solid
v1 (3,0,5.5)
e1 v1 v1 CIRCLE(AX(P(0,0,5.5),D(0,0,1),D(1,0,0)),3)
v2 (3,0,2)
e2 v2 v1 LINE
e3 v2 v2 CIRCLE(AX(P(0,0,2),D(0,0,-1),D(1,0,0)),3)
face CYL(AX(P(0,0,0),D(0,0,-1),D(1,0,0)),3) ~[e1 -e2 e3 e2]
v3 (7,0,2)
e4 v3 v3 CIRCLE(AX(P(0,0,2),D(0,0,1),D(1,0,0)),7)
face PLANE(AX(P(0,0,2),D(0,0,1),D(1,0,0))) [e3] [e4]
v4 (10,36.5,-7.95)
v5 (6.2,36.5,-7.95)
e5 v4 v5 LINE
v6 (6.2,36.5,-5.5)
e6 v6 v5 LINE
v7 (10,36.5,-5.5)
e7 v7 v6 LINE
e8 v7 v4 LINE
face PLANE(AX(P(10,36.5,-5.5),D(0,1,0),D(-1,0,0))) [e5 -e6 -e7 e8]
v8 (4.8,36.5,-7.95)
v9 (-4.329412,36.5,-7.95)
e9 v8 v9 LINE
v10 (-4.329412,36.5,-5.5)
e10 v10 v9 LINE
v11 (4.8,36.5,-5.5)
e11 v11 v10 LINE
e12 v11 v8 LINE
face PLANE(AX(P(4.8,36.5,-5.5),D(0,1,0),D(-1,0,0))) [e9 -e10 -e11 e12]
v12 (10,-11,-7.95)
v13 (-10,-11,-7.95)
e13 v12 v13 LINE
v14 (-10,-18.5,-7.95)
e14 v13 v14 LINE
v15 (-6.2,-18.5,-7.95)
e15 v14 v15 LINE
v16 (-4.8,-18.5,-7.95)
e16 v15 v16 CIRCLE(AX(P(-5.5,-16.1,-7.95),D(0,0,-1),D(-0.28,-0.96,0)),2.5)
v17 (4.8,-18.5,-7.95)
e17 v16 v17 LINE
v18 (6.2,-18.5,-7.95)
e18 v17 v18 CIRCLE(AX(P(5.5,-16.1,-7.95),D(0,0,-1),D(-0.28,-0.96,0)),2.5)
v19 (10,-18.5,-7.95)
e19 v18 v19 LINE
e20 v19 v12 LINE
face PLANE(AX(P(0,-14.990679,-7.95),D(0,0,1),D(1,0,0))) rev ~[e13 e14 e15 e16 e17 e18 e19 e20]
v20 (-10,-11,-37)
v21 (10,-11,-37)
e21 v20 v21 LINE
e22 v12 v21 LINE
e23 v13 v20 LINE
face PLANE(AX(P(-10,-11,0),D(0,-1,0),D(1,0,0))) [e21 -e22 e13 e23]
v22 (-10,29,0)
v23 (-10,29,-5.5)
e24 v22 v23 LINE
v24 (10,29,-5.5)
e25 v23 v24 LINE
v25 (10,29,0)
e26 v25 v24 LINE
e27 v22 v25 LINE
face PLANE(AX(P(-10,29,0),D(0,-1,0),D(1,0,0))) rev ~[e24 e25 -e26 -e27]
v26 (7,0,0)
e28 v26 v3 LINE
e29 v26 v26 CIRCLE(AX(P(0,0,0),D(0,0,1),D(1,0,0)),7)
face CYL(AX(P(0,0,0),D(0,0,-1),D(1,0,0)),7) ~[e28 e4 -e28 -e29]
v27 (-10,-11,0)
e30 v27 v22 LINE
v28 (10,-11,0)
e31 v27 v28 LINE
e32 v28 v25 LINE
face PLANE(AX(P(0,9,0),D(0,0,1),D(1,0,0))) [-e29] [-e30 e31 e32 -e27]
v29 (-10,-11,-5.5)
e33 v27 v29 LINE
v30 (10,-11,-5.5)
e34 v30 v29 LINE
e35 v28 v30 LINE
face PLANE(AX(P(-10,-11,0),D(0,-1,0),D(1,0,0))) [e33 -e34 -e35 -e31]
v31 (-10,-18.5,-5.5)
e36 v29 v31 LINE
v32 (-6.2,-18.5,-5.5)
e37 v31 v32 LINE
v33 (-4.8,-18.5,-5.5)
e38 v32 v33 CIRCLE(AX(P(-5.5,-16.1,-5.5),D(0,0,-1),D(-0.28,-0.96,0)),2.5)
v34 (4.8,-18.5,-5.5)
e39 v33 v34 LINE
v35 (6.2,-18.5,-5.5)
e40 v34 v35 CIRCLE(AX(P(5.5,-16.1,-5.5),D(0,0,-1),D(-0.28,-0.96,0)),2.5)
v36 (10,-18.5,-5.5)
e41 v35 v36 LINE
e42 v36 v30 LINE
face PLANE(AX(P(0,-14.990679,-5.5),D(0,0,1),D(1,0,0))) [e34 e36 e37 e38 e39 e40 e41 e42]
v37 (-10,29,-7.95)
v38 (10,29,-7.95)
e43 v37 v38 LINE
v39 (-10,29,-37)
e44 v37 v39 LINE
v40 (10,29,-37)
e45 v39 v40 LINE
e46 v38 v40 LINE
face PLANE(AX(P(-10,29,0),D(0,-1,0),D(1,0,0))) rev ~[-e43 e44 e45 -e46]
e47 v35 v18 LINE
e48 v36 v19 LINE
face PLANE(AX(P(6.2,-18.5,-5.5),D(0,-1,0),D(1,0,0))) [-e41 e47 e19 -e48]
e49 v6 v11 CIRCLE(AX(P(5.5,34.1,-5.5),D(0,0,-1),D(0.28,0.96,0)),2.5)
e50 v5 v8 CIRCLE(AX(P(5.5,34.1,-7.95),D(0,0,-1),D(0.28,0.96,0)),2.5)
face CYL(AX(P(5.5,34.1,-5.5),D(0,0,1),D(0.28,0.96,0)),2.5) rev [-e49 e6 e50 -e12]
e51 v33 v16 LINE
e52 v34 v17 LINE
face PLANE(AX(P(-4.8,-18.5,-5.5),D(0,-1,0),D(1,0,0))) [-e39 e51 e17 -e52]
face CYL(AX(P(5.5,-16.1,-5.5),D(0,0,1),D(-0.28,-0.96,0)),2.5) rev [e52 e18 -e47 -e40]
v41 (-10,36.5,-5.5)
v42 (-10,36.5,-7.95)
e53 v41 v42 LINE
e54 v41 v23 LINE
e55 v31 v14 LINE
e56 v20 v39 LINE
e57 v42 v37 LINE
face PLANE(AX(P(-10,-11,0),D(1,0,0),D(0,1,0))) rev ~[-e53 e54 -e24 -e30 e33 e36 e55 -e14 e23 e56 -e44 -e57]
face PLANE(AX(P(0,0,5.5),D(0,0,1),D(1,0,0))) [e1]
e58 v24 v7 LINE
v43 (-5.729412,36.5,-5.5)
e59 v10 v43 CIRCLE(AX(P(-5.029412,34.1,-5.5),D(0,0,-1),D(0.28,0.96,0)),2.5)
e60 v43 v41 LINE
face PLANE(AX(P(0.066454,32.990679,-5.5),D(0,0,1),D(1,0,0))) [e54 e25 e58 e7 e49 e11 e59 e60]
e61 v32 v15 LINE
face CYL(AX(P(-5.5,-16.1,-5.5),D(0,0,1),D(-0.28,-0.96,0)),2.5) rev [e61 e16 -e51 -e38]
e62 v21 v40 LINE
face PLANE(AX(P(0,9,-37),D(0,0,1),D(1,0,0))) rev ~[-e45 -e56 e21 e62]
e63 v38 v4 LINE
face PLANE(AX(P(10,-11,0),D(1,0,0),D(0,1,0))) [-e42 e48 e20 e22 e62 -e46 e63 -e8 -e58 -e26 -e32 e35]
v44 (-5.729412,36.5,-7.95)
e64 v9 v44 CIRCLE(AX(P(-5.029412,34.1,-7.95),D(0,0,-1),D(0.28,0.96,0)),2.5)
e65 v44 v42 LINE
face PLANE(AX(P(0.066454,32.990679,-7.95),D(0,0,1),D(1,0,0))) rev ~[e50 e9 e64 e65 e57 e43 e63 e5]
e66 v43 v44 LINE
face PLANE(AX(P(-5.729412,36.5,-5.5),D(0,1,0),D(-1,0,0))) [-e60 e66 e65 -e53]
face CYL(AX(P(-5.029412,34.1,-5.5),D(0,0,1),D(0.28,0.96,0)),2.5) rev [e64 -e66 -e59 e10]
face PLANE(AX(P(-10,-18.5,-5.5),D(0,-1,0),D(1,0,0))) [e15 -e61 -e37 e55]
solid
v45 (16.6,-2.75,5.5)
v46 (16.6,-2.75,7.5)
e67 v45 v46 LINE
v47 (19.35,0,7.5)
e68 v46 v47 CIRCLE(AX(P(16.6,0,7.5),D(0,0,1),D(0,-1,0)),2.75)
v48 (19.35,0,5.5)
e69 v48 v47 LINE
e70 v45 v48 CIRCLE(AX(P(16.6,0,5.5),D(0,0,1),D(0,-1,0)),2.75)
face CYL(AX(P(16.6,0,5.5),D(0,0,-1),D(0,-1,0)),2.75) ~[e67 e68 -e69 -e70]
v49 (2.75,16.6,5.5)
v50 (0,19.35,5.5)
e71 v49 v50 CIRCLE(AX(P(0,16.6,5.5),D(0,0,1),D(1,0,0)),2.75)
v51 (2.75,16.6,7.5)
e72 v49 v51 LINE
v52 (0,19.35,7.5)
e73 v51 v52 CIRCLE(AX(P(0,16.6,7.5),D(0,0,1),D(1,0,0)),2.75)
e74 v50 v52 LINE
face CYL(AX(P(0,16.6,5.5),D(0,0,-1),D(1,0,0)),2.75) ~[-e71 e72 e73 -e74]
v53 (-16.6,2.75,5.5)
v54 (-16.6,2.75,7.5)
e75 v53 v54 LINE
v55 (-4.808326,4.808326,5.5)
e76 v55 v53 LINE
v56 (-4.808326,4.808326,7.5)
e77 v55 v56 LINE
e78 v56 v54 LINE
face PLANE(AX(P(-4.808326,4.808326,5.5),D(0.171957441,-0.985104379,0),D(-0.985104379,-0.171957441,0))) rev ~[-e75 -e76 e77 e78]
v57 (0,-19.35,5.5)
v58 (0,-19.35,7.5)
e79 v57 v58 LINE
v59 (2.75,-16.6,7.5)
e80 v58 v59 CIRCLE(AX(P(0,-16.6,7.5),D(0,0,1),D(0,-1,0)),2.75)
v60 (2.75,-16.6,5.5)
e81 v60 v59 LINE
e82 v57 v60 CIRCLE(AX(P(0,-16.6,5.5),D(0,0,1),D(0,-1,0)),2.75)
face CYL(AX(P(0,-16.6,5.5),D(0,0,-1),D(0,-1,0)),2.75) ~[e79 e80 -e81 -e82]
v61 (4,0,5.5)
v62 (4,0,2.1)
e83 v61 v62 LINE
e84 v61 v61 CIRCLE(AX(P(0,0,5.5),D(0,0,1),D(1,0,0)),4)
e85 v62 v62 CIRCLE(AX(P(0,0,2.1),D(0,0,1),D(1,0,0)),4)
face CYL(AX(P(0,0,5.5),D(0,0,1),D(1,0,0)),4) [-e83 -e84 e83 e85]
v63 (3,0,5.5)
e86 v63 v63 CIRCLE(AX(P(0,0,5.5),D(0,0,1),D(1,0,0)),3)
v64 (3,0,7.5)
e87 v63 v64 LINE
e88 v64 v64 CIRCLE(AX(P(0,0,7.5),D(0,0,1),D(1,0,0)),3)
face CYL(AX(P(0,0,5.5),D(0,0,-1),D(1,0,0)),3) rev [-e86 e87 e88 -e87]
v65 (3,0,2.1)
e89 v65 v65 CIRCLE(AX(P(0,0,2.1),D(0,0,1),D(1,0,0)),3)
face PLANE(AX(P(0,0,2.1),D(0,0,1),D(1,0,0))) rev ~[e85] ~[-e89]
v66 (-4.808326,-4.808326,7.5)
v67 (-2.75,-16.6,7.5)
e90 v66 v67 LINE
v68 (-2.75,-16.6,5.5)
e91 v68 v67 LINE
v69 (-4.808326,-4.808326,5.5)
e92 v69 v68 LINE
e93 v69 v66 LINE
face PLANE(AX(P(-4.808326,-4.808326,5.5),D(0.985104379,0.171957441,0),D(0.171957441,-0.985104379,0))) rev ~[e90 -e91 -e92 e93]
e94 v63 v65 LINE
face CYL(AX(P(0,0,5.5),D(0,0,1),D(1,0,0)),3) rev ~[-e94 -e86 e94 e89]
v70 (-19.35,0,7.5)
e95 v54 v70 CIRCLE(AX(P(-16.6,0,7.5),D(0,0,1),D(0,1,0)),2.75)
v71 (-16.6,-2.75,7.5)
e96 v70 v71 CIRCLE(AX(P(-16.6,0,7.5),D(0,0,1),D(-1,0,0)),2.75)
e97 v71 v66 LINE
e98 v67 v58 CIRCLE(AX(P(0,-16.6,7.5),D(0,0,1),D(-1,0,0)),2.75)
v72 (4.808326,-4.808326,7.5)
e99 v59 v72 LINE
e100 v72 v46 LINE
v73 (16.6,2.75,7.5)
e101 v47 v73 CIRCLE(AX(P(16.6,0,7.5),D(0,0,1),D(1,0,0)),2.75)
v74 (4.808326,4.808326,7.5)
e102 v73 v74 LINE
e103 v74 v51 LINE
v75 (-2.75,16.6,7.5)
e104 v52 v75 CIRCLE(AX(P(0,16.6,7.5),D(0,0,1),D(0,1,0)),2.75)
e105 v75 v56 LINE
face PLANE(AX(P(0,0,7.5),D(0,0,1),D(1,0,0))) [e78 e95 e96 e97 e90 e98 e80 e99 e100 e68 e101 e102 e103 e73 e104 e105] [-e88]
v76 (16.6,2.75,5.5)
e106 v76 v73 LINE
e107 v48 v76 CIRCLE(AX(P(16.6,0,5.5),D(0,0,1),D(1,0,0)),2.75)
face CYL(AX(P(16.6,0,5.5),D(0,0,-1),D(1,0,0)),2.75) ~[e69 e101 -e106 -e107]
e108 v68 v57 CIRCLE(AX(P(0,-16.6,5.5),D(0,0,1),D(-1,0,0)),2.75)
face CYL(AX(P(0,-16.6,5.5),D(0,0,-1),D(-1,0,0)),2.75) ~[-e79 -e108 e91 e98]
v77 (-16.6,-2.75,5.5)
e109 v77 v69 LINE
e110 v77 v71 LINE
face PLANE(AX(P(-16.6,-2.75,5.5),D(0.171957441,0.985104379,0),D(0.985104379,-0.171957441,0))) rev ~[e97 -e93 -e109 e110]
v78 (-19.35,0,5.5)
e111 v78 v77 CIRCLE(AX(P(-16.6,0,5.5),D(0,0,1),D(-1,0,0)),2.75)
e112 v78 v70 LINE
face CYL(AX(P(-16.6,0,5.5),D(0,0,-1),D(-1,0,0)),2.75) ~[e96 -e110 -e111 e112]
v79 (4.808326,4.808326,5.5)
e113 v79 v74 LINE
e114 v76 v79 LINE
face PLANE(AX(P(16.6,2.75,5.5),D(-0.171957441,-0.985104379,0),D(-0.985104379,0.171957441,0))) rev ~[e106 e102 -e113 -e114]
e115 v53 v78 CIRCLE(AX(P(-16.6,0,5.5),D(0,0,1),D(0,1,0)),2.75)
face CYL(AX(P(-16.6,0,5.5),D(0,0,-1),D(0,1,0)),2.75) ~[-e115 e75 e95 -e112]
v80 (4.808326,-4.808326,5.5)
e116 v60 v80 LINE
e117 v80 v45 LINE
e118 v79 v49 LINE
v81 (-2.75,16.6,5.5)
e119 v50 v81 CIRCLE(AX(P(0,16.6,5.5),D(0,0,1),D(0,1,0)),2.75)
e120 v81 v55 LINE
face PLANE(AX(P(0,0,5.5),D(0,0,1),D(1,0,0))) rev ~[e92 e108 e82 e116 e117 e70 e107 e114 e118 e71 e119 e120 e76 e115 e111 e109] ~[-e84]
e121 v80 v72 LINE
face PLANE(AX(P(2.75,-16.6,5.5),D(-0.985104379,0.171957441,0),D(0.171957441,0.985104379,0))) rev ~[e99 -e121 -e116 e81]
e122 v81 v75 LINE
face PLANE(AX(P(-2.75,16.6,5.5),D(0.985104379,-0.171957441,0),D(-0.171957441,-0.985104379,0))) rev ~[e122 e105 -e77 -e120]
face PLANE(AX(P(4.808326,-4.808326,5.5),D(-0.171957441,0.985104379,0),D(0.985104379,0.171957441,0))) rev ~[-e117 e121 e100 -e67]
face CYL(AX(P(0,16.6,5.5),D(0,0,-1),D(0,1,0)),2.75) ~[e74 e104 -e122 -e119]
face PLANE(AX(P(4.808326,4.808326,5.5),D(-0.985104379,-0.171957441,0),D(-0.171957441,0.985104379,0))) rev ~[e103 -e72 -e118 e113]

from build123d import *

# Parameters (mm, degrees)
F0_R     = 7
F0_R_2   = 3
F1_DEPTH = 2
F2_DEPTH = 5.5
F0_W     = 20
F0_H     = 40
F3_DEPTH = 37
F4_START = -5.5
F4_DEPTH = 2.45
F5_R     = 4
F5_R_2   = 3
F6_DEPTH = 2
F7_DEPTH = 3.4


with BuildPart() as f1:
    # F0 (on Top) → F1 (new body)
    with BuildSketch(Plane.XY):
        Circle(F0_R)
        Circle(F0_R_2, mode=Mode.SUBTRACT)
        Circle(F0_R_2)
    extrude(amount=F1_DEPTH)

    # F0 (on Top) → F2 (join)
    with BuildSketch(Plane.XY):
        Circle(F0_R_2)
    extrude(amount=F2_DEPTH)

    # F0 (on Top) → F3 (join)
    with BuildSketch(Plane.XY):
        with Locations((0, 9)):
            Rectangle(F0_W, F0_H)
        Circle(F0_R, mode=Mode.SUBTRACT)
        Circle(F0_R)
        Circle(F0_R_2, mode=Mode.SUBTRACT)
        Circle(F0_R_2)
    extrude(amount=-F3_DEPTH)

    # F0 (on Top) → F4 (join)
    with BuildSketch(Plane.XY.offset(F4_START)):
        with BuildLine():
            Line((-10, 29), (10, 29))
            Line((10, 29), (10, 36.5))
            Line((10, 36.5), (6.2, 36.5))
            ThreePointArc((6.2, 36.5), (7.5, 35.6), (8, 34.1))
            ThreePointArc((8, 34.1), (4, 32.1), (4.8, 36.5))
            Line((4.8, 36.5), (-4.3294117647, 36.5))
            ThreePointArc((-4.3294117647, 36.5), (-3.0294117647, 35.6), (-2.5294117647, 34.1))
            ThreePointArc((-2.5294117647, 34.1), (-6.5294117647, 32.1), (-5.7294117647, 36.5))
            Line((-5.7294117647, 36.5), (-10, 36.5))
            Line((-10, 36.5), (-10, 29))
        make_face()
        with BuildLine():
            Line((6.2, -18.5), (10, -18.5))
            Line((10, -18.5), (10, -11))
            Line((10, -11), (-10, -11))
            Line((-10, -11), (-10, -18.5))
            Line((-10, -18.5), (-6.2, -18.5))
            ThreePointArc((-6.2, -18.5), (-7, -14.1), (-3, -16.1))
            ThreePointArc((-3, -16.1), (-3.5, -17.6), (-4.8, -18.5))
            Line((-4.8, -18.5), (4.8, -18.5))
            ThreePointArc((4.8, -18.5), (4, -14.1), (8, -16.1))
            ThreePointArc((8, -16.1), (7.5, -17.6), (6.2, -18.5))
        make_face()
    extrude(amount=-F4_DEPTH)


with BuildPart() as f6:
    # F5 (on face) → F6 (new body)
    with BuildSketch(Plane.XY.offset(5.5)):
        with BuildLine():
            ThreePointArc((-16.6, 2.75), (-18.5445436483, 1.9445436483), (-19.35, 0))
            ThreePointArc((-19.35, 0), (-18.5445436483, -1.9445436483), (-16.6, -2.75))
            Line((-16.6, -2.75), (-4.8083261121, -4.8083261121))
            Line((-4.8083261121, -4.8083261121), (-2.75, -16.6))
            ThreePointArc((-2.75, -16.6), (-1.9445436483, -18.5445436483), (0, -19.35))
            ThreePointArc((0, -19.35), (1.9445436483, -18.5445436483), (2.75, -16.6))
            Line((2.75, -16.6), (4.8083261121, -4.8083261121))
            Line((4.8083261121, -4.8083261121), (16.6, -2.75))
            ThreePointArc((16.6, -2.75), (18.5445436483, -1.9445436483), (19.35, 0))
            ThreePointArc((19.35, 0), (18.5445436483, 1.9445436483), (16.6, 2.75))
            Line((16.6, 2.75), (4.8083261121, 4.8083261121))
            Line((4.8083261121, 4.8083261121), (2.75, 16.6))
            ThreePointArc((2.75, 16.6), (1.9445436483, 18.5445436483), (0, 19.35))
            ThreePointArc((0, 19.35), (-1.9445436483, 18.5445436483), (-2.75, 16.6))
            Line((-2.75, 16.6), (-4.8083261121, 4.8083261121))
            Line((-4.8083261121, 4.8083261121), (-16.6, 2.75))
        make_face()
        Circle(F5_R, mode=Mode.SUBTRACT)
        Circle(F5_R)
        Circle(F5_R_2, mode=Mode.SUBTRACT)
    extrude(amount=F6_DEPTH)

    # F5 (on face) → F7 (join)
    with BuildSketch(Plane.XY.offset(5.5)):
        Circle(F5_R)
        Circle(F5_R_2, mode=Mode.SUBTRACT)
    extrude(amount=-F7_DEPTH)


solid = Compound([f1.part, f6.part])
